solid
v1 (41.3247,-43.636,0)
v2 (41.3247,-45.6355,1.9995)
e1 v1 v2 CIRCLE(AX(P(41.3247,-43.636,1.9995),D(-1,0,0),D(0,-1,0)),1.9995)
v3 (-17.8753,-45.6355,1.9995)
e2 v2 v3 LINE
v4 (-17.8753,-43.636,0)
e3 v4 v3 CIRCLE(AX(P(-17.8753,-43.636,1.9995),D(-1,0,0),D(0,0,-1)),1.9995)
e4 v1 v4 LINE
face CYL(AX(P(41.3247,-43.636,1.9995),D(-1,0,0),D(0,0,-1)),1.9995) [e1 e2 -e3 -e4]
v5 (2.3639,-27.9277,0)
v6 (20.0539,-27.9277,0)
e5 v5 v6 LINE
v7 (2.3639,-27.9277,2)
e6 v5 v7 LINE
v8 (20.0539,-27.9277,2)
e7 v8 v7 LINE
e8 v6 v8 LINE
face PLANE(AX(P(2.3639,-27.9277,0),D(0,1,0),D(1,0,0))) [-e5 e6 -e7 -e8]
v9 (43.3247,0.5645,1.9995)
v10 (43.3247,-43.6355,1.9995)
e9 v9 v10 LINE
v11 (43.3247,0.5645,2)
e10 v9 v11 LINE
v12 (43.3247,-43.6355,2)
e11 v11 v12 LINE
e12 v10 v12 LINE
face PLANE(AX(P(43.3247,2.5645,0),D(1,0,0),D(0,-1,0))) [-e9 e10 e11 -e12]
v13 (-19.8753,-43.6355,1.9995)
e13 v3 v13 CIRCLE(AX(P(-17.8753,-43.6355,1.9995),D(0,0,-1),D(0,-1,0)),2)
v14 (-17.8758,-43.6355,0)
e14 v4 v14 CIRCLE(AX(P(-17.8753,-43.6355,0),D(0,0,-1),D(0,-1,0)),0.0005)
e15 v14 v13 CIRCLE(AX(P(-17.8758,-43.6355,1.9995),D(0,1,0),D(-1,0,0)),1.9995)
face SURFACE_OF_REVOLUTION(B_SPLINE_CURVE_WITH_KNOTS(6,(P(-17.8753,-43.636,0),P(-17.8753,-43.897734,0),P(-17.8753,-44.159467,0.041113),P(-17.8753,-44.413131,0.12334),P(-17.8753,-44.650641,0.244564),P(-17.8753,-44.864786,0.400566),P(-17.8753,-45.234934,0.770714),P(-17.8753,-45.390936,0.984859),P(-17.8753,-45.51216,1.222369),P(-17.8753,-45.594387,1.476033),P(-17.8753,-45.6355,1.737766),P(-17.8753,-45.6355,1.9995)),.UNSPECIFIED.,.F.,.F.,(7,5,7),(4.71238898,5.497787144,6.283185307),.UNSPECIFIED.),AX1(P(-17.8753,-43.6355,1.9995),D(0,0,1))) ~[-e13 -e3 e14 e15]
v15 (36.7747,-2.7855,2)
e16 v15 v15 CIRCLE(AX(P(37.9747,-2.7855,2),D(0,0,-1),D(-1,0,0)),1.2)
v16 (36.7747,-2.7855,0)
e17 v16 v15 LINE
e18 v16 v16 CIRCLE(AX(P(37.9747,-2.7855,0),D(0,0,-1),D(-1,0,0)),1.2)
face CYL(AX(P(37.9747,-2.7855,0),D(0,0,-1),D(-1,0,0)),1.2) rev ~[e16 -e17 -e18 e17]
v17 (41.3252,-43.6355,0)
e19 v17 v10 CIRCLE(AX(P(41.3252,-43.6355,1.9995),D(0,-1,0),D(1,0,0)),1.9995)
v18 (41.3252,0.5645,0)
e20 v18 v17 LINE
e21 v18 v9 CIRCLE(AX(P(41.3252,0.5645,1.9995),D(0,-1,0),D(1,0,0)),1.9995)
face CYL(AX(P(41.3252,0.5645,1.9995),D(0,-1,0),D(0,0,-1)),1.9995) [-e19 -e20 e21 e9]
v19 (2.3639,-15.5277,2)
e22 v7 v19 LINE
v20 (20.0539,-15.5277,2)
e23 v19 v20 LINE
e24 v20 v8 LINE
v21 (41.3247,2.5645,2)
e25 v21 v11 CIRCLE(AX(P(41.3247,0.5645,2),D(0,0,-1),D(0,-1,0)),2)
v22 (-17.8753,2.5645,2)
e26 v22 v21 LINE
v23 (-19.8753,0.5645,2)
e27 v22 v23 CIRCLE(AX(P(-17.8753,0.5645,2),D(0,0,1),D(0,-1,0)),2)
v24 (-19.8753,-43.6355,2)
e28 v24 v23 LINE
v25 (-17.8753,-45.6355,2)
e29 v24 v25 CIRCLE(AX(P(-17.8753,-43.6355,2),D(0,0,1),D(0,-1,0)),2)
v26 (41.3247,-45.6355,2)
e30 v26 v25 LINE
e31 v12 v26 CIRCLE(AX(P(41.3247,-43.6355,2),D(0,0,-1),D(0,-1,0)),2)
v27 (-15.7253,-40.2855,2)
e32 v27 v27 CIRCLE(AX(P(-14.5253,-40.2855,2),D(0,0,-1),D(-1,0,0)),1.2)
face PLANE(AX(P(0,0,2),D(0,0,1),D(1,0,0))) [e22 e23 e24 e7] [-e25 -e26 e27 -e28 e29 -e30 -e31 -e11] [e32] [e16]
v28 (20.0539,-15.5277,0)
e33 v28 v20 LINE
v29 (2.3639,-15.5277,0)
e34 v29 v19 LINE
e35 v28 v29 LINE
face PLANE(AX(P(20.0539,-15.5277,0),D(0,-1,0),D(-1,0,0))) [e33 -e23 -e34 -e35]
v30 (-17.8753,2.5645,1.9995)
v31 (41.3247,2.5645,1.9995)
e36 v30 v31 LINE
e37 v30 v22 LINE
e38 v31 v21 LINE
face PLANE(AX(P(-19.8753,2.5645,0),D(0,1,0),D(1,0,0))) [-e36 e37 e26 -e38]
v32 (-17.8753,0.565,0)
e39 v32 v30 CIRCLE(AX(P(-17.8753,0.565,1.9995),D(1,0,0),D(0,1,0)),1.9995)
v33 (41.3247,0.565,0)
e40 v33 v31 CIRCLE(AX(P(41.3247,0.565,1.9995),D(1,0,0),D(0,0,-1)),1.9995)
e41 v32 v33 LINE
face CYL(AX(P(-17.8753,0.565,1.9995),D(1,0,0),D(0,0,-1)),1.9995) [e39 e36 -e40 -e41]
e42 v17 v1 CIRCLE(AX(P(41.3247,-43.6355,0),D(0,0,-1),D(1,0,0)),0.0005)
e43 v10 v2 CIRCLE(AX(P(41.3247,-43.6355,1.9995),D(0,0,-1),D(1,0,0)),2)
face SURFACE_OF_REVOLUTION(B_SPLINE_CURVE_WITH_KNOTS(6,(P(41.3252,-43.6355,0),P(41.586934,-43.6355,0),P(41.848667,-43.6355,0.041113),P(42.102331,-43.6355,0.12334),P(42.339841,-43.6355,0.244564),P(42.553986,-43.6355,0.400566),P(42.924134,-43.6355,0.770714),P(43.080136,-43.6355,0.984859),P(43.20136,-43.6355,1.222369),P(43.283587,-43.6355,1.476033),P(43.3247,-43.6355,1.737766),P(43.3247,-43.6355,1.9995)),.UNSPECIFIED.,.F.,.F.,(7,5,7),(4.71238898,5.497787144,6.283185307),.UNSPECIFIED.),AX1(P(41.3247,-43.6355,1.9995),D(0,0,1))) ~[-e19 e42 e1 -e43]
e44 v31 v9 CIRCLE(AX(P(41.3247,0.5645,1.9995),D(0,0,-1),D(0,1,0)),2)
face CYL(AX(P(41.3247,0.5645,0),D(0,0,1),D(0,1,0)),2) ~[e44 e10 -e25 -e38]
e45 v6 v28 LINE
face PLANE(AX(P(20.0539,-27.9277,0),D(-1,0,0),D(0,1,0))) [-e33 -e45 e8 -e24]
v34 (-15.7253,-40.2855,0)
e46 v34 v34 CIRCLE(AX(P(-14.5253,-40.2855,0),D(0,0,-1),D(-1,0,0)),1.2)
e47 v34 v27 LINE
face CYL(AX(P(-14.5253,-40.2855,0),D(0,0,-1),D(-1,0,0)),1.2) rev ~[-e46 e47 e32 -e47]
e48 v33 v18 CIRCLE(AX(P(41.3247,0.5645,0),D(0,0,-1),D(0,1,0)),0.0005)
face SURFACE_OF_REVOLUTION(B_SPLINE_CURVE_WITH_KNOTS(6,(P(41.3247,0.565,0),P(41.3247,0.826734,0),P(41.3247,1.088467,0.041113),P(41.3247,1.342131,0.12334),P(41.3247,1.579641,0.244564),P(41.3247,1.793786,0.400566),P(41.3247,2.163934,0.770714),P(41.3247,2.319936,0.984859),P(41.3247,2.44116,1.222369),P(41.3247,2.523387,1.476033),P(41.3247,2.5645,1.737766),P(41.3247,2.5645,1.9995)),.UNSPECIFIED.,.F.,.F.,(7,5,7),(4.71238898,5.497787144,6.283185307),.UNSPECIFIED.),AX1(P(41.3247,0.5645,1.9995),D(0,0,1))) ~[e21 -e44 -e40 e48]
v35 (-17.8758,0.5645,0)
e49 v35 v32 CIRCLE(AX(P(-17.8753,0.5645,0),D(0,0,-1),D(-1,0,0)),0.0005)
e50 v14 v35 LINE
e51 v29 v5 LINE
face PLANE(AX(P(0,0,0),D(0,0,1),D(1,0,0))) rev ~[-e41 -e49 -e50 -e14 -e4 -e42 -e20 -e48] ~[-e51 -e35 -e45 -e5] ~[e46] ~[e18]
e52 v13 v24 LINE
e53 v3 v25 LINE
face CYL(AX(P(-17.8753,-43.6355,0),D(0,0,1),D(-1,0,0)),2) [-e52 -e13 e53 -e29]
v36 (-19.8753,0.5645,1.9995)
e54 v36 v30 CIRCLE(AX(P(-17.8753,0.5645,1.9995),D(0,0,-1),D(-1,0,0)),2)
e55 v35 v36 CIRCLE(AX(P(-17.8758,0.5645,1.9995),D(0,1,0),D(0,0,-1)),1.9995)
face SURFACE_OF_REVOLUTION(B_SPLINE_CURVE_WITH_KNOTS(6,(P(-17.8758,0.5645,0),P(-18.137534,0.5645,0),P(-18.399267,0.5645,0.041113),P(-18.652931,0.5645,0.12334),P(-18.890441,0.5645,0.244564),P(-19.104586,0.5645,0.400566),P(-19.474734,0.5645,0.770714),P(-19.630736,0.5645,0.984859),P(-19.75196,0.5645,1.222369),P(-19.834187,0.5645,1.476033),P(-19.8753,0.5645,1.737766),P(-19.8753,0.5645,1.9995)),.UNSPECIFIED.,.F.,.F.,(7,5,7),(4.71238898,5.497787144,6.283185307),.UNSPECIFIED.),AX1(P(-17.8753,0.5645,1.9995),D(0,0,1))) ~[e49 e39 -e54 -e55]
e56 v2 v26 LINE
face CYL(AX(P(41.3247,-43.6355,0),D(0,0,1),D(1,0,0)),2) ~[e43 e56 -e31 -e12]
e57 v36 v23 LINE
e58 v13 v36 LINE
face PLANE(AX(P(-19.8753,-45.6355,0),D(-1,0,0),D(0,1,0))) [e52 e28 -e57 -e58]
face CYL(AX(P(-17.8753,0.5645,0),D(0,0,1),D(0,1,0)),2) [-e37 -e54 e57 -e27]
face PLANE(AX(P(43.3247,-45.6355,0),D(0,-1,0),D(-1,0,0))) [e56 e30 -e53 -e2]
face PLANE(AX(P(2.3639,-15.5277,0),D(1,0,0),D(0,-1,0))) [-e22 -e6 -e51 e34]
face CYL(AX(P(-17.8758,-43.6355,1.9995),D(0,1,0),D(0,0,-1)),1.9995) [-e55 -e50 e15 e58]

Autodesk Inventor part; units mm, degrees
ref_plane "YZ Plane" through (0, 0, 0) normal (1, 0, 0) x (0, 1, 0)
ref_plane "XZ Plane" through (0, 0, 0) normal (0, 1, 0) x (-1, 0, 0)
ref_plane "XY Plane" through (0, 0, 0) normal (0, 0, 1) x (1, 0, 0)
sketch "Sketch1" plane through (0, 0, 0) normal (0, 0, 1) x (1, 0, 0)
  line L0 (-19.8753, 2.5645) -> (43.3247, 2.5645)
  line L1 (43.3247, 2.5645) -> (43.3247, -45.6355)
  line L2 (43.3247, -45.6355) -> (-19.8753, -45.6355)
  line L3 (-19.8753, -45.6355) -> (-19.8753, 2.5645)
  circle A0 centre (37.9747, -2.7855) radius 2.1
  circle A1 centre (-14.5253, -40.2855) radius 2.1
  circle A2 centre (37.9747, -2.7855) radius 1.2
  circle A3 centre (-14.5253, -40.2855) radius 1.2
  point P0 (0, 0)
  dimension "d0" = 63.2
  dimension "d1" = 48.2
  dimension "d6" = 4.2
  dimension "d7" = 4.2
  dimension "d8" = 5.35
  dimension "d9" = 5.35
  dimension "d10" = 5.35
  dimension "d11" = 5.35
  dimension "d12" = 2.4
  dimension "d13" = 2.4
extrude "Extrusion1" add sketch "Sketch1" along normal blind 2 contours L0 L1 L2 L3 | A0 | A1 | A2 | A3
fillet "Fillet1" radius 2 2 edges at (-19.8753, 2.5645, 1) (-19.8753, -45.6355, 1)
fillet "Fillet2" radius 2 2 edges at (43.3247, 2.5645, 1) (43.3247, -45.6355, 1)
sketch "Sketch2" plane through (0, 0, 0) normal (0, 0, -1) x (-1, 0, 0)
  circle A0 centre (14.5253, -40.2855) radius 2.1
  circle A1 centre (-37.9747, -2.7855) radius 2.1
  circle A2 centre (14.5253, -40.2855) radius 1.2
  circle A3 centre (-37.9747, -2.7855) radius 1.2
  line L0 (17.8753, -45.6355) -> (-41.3247, -45.6355) projected
  line L1 (19.8753, 0.5645) -> (19.8753, -43.6355) projected
  line L2 (-43.3247, -43.6355) -> (-43.3247, 0.5645) projected
  line L3 (-41.3247, 2.5645) -> (17.8753, 2.5645) projected
  point P0 (0, 0)
  dimension "d14" = 4.2
  dimension "d15" = 4.2
  dimension "d16" = 2.4
  dimension "d17" = 2.4
  dimension "d18" = 5.35
  dimension "d19" = 5.35
  dimension "d20" = 5.35
  dimension "d21" = 5.35
extrude "Extrusion3" cut sketch "Sketch2" against normal blind 2.2 contours A2 | A3
fillet "Fillet3" radius 2 8 edges at (42.7389, -45.0497, 0) (43.3247, -21.5355, 0) (42.7389, 1.9787, 0) (11.7247, 2.5645, 0) (-19.2896, 1.9787, 0) (-19.8753, -21.5355, 0) (-19.2896, -45.0497, 0) (11.7247, -45.6355, 0)
sketch "Sketch4" plane through (0, 0, 0) normal (0, 0, -1) x (-1, 0, 0)
  line L0 (-2.3639, -27.9277) -> (-20.0539, -27.9277)
  line L1 (-20.0539, -27.9277) -> (-20.0539, -15.5277)
  line L2 (-20.0539, -15.5277) -> (-2.3639, -15.5277)
  line L3 (-2.3639, -15.5277) -> (-2.3639, -27.9277)
  point P0 (0, 0)
  dimension "d27" = 17.69
  dimension "d28" = 12.4
extrude "Extrusion4" cut sketch "Sketch4" against normal blind 2.2
properties part number "limb_cover"
